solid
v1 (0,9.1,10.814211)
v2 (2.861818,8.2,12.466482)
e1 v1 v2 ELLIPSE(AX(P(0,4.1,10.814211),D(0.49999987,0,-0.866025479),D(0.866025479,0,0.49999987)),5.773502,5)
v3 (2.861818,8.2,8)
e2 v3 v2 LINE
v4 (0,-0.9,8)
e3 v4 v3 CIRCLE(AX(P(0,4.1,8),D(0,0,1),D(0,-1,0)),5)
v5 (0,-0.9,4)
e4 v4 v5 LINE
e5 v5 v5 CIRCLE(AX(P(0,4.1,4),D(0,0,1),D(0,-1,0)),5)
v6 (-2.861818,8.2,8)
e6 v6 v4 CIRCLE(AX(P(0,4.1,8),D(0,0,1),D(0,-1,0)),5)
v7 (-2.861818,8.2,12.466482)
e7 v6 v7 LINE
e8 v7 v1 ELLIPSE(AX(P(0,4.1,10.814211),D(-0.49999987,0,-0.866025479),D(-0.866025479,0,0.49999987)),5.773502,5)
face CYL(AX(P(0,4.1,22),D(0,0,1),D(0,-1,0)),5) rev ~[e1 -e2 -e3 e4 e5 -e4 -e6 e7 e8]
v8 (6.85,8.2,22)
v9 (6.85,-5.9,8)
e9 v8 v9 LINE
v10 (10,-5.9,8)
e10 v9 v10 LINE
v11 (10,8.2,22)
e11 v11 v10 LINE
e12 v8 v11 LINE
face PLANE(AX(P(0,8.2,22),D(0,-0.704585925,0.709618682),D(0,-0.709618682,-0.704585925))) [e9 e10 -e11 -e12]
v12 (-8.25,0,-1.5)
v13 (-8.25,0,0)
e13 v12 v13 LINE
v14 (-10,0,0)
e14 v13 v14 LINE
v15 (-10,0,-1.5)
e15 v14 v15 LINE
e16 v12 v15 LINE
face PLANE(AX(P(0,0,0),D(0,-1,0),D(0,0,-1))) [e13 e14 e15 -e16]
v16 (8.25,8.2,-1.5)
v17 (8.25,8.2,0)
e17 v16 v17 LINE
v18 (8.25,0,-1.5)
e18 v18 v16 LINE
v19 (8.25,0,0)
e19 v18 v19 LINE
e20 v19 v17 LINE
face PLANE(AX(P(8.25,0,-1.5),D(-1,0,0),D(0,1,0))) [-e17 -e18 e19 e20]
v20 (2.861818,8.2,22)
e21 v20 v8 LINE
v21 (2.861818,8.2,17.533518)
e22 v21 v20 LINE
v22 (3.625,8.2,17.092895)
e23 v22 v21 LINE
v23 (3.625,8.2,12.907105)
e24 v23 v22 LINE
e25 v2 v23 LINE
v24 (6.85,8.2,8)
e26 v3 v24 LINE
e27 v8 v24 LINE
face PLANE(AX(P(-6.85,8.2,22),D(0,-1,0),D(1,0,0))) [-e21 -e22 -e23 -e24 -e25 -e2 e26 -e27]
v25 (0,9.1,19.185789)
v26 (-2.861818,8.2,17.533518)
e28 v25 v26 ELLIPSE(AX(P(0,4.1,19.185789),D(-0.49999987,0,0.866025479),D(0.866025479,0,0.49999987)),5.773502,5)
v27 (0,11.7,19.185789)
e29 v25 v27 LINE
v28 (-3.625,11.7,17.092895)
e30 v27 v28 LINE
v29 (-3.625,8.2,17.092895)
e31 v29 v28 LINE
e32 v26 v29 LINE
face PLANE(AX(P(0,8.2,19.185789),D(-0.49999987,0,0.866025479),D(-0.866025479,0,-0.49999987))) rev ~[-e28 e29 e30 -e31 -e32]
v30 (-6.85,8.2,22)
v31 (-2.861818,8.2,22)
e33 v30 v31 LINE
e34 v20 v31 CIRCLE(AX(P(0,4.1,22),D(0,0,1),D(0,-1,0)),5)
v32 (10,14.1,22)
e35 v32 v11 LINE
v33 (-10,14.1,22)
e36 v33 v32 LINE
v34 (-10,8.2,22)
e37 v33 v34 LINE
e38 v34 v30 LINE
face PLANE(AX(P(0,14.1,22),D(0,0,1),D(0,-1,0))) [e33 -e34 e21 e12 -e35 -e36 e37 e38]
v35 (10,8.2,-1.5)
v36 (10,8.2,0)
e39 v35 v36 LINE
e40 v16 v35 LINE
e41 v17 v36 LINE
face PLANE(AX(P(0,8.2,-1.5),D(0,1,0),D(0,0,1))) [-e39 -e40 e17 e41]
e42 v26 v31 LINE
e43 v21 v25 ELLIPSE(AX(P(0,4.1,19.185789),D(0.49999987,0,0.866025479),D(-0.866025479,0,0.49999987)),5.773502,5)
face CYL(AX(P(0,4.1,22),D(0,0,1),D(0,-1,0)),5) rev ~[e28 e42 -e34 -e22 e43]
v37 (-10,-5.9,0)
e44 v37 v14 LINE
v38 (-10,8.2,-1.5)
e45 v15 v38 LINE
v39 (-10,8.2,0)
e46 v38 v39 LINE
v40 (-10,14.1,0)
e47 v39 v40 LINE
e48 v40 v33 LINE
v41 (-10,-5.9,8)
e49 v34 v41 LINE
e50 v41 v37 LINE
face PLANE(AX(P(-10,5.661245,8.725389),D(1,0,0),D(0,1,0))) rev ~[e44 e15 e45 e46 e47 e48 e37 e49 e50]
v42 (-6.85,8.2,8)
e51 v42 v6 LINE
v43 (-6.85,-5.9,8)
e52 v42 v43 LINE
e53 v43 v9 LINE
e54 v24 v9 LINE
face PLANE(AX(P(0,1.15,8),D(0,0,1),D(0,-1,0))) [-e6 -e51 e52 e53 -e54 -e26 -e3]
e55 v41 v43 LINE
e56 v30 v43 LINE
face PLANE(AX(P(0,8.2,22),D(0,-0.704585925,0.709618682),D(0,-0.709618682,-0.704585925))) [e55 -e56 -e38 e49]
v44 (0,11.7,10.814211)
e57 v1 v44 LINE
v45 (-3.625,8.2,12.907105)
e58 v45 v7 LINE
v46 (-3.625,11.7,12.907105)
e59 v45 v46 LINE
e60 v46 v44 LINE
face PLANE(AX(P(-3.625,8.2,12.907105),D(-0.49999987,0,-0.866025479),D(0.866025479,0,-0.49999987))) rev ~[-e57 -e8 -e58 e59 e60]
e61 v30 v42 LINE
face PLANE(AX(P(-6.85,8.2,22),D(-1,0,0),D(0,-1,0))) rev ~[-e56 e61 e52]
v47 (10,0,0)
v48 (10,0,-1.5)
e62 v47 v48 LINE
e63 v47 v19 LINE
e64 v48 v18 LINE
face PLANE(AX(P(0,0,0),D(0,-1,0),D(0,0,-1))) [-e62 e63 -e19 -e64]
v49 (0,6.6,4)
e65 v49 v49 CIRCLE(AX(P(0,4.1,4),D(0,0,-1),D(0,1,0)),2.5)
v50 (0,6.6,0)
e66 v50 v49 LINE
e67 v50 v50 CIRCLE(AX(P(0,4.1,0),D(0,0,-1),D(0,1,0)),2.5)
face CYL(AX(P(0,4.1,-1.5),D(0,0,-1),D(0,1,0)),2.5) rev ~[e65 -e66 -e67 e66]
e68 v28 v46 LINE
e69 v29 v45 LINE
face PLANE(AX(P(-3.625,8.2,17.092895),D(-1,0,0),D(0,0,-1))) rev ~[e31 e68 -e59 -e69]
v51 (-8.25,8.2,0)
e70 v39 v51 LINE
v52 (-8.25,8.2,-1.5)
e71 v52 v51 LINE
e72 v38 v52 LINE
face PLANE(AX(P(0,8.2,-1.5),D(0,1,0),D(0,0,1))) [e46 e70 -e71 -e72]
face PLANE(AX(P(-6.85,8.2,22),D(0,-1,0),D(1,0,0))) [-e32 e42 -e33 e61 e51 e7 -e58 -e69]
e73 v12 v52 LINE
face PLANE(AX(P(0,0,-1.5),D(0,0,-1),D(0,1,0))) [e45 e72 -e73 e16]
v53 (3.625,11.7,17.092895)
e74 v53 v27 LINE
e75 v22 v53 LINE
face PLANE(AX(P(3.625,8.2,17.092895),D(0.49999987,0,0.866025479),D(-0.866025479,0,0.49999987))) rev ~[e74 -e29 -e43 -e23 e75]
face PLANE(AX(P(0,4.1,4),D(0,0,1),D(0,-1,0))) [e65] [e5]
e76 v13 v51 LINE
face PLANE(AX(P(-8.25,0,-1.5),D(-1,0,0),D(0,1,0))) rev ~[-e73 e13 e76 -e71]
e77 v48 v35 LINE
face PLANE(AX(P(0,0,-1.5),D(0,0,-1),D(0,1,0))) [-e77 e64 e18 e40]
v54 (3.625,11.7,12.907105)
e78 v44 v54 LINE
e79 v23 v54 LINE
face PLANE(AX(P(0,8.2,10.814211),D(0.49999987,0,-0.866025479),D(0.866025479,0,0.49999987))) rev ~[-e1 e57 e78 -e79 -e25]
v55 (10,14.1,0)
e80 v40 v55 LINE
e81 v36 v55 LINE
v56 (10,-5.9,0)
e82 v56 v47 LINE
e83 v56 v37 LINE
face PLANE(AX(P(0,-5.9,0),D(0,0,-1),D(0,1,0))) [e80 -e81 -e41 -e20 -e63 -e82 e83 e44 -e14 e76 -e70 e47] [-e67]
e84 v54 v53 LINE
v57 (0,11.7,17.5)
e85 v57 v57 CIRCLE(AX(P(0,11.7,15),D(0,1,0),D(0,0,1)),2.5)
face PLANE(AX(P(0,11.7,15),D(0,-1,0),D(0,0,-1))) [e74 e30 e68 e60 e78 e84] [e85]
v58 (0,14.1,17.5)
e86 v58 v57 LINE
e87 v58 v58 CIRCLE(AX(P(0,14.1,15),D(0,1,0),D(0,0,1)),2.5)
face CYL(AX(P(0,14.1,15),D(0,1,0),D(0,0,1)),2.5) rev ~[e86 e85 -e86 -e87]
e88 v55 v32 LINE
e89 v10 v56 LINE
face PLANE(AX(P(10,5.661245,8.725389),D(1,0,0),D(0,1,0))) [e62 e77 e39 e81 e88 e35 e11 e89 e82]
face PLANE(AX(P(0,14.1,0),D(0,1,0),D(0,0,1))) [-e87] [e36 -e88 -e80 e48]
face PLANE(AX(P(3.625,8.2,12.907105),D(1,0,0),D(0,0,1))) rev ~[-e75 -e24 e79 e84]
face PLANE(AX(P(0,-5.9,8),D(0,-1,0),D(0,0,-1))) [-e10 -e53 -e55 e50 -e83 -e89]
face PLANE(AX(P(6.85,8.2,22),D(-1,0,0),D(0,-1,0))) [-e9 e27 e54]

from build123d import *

# Parameters (mm, degrees)
PAD_DEPTH       = 10
SKETCH001_W     = 14.1
SKETCH001_H     = 13.7
POCKET_DEPTH    = 14
SKETCH002_R     = 2.5
POCKET001_DEPTH = 23.501
SKETCH003_W     = 8.2
SKETCH003_H     = 16.5
POCKET002_DEPTH = 1.5
SKETCH004_R     = 2.5
POCKET003_DEPTH = 20.001
SKETCH005_R     = 5
POCKET004_DEPTH = 18
POCKET005_DEPTH = 3.5


with BuildPart() as part:
    # Sketch → Pad (new body, symmetric)
    with BuildSketch(Plane.YZ):
        Polygon((0, -1.5), (8.2, -1.5), (8.2, 0), (14.1, 0), (14.1, 22), (8.2, 22), (-5.9, 8), (-5.9, 0), (0, 0), align=None)
    extrude(amount=PAD_DEPTH, both=True)

    # Sketch001 (on Face8 of Pad) → Pocket (cut)
    with BuildSketch(Plane(origin=(0, 0, 22), x_dir=(0, -1, 0), z_dir=(0, 0, 1))):
        with Locations((-1.15, 0)):
            Rectangle(SKETCH001_W, SKETCH001_H)
    extrude(amount=-POCKET_DEPTH, mode=Mode.SUBTRACT)

    # Sketch002 (on Face11 of Pocket) → Pocket001 (cut, through all)
    with BuildSketch(Plane.YX.offset(1.5)):
        with Locations((4.1, 0)):
            Circle(SKETCH002_R)
    extrude(amount=-POCKET001_DEPTH, mode=Mode.SUBTRACT)

    # Sketch003 (on Face11 of Pocket001) → Pocket002 (cut)
    with BuildSketch(Plane.YX.offset(1.5)):
        with Locations((4.1, 0)):
            Rectangle(SKETCH003_W, SKETCH003_H)
    extrude(amount=-POCKET002_DEPTH, mode=Mode.SUBTRACT)

    # Sketch004 (on Face14 of Pocket002) → Pocket003 (cut, through all)
    with BuildSketch(Plane.ZX.offset(14.1)):
        with Locations((15, 0)):
            Circle(SKETCH004_R)
    extrude(amount=-POCKET003_DEPTH, mode=Mode.SUBTRACT)

    # Sketch005 (on Face8 of Pocket003) → Pocket004 (cut)
    with BuildSketch(Plane(origin=(0, 0, 22), x_dir=(0, -1, 0), z_dir=(0, 0, 1))):
        with Locations((-4.1, 0)):
            Circle(SKETCH005_R)
    extrude(amount=-POCKET004_DEPTH, mode=Mode.SUBTRACT)

    # Sketch006 (on Face17 of Pocket004) → Pocket005 (cut)
    with BuildSketch(Plane(origin=(0, 8.2, 0), x_dir=(0, 0, -1), z_dir=(0, -1, 0))):
        Polygon((-10.814211, 0), (-12.907105, 3.625), (-17.092895, 3.625), (-19.185789, 0), (-17.092895, -3.625), (-12.907105, -3.625), align=None)
    extrude(amount=-POCKET005_DEPTH, mode=Mode.SUBTRACT)


solid = part.part
